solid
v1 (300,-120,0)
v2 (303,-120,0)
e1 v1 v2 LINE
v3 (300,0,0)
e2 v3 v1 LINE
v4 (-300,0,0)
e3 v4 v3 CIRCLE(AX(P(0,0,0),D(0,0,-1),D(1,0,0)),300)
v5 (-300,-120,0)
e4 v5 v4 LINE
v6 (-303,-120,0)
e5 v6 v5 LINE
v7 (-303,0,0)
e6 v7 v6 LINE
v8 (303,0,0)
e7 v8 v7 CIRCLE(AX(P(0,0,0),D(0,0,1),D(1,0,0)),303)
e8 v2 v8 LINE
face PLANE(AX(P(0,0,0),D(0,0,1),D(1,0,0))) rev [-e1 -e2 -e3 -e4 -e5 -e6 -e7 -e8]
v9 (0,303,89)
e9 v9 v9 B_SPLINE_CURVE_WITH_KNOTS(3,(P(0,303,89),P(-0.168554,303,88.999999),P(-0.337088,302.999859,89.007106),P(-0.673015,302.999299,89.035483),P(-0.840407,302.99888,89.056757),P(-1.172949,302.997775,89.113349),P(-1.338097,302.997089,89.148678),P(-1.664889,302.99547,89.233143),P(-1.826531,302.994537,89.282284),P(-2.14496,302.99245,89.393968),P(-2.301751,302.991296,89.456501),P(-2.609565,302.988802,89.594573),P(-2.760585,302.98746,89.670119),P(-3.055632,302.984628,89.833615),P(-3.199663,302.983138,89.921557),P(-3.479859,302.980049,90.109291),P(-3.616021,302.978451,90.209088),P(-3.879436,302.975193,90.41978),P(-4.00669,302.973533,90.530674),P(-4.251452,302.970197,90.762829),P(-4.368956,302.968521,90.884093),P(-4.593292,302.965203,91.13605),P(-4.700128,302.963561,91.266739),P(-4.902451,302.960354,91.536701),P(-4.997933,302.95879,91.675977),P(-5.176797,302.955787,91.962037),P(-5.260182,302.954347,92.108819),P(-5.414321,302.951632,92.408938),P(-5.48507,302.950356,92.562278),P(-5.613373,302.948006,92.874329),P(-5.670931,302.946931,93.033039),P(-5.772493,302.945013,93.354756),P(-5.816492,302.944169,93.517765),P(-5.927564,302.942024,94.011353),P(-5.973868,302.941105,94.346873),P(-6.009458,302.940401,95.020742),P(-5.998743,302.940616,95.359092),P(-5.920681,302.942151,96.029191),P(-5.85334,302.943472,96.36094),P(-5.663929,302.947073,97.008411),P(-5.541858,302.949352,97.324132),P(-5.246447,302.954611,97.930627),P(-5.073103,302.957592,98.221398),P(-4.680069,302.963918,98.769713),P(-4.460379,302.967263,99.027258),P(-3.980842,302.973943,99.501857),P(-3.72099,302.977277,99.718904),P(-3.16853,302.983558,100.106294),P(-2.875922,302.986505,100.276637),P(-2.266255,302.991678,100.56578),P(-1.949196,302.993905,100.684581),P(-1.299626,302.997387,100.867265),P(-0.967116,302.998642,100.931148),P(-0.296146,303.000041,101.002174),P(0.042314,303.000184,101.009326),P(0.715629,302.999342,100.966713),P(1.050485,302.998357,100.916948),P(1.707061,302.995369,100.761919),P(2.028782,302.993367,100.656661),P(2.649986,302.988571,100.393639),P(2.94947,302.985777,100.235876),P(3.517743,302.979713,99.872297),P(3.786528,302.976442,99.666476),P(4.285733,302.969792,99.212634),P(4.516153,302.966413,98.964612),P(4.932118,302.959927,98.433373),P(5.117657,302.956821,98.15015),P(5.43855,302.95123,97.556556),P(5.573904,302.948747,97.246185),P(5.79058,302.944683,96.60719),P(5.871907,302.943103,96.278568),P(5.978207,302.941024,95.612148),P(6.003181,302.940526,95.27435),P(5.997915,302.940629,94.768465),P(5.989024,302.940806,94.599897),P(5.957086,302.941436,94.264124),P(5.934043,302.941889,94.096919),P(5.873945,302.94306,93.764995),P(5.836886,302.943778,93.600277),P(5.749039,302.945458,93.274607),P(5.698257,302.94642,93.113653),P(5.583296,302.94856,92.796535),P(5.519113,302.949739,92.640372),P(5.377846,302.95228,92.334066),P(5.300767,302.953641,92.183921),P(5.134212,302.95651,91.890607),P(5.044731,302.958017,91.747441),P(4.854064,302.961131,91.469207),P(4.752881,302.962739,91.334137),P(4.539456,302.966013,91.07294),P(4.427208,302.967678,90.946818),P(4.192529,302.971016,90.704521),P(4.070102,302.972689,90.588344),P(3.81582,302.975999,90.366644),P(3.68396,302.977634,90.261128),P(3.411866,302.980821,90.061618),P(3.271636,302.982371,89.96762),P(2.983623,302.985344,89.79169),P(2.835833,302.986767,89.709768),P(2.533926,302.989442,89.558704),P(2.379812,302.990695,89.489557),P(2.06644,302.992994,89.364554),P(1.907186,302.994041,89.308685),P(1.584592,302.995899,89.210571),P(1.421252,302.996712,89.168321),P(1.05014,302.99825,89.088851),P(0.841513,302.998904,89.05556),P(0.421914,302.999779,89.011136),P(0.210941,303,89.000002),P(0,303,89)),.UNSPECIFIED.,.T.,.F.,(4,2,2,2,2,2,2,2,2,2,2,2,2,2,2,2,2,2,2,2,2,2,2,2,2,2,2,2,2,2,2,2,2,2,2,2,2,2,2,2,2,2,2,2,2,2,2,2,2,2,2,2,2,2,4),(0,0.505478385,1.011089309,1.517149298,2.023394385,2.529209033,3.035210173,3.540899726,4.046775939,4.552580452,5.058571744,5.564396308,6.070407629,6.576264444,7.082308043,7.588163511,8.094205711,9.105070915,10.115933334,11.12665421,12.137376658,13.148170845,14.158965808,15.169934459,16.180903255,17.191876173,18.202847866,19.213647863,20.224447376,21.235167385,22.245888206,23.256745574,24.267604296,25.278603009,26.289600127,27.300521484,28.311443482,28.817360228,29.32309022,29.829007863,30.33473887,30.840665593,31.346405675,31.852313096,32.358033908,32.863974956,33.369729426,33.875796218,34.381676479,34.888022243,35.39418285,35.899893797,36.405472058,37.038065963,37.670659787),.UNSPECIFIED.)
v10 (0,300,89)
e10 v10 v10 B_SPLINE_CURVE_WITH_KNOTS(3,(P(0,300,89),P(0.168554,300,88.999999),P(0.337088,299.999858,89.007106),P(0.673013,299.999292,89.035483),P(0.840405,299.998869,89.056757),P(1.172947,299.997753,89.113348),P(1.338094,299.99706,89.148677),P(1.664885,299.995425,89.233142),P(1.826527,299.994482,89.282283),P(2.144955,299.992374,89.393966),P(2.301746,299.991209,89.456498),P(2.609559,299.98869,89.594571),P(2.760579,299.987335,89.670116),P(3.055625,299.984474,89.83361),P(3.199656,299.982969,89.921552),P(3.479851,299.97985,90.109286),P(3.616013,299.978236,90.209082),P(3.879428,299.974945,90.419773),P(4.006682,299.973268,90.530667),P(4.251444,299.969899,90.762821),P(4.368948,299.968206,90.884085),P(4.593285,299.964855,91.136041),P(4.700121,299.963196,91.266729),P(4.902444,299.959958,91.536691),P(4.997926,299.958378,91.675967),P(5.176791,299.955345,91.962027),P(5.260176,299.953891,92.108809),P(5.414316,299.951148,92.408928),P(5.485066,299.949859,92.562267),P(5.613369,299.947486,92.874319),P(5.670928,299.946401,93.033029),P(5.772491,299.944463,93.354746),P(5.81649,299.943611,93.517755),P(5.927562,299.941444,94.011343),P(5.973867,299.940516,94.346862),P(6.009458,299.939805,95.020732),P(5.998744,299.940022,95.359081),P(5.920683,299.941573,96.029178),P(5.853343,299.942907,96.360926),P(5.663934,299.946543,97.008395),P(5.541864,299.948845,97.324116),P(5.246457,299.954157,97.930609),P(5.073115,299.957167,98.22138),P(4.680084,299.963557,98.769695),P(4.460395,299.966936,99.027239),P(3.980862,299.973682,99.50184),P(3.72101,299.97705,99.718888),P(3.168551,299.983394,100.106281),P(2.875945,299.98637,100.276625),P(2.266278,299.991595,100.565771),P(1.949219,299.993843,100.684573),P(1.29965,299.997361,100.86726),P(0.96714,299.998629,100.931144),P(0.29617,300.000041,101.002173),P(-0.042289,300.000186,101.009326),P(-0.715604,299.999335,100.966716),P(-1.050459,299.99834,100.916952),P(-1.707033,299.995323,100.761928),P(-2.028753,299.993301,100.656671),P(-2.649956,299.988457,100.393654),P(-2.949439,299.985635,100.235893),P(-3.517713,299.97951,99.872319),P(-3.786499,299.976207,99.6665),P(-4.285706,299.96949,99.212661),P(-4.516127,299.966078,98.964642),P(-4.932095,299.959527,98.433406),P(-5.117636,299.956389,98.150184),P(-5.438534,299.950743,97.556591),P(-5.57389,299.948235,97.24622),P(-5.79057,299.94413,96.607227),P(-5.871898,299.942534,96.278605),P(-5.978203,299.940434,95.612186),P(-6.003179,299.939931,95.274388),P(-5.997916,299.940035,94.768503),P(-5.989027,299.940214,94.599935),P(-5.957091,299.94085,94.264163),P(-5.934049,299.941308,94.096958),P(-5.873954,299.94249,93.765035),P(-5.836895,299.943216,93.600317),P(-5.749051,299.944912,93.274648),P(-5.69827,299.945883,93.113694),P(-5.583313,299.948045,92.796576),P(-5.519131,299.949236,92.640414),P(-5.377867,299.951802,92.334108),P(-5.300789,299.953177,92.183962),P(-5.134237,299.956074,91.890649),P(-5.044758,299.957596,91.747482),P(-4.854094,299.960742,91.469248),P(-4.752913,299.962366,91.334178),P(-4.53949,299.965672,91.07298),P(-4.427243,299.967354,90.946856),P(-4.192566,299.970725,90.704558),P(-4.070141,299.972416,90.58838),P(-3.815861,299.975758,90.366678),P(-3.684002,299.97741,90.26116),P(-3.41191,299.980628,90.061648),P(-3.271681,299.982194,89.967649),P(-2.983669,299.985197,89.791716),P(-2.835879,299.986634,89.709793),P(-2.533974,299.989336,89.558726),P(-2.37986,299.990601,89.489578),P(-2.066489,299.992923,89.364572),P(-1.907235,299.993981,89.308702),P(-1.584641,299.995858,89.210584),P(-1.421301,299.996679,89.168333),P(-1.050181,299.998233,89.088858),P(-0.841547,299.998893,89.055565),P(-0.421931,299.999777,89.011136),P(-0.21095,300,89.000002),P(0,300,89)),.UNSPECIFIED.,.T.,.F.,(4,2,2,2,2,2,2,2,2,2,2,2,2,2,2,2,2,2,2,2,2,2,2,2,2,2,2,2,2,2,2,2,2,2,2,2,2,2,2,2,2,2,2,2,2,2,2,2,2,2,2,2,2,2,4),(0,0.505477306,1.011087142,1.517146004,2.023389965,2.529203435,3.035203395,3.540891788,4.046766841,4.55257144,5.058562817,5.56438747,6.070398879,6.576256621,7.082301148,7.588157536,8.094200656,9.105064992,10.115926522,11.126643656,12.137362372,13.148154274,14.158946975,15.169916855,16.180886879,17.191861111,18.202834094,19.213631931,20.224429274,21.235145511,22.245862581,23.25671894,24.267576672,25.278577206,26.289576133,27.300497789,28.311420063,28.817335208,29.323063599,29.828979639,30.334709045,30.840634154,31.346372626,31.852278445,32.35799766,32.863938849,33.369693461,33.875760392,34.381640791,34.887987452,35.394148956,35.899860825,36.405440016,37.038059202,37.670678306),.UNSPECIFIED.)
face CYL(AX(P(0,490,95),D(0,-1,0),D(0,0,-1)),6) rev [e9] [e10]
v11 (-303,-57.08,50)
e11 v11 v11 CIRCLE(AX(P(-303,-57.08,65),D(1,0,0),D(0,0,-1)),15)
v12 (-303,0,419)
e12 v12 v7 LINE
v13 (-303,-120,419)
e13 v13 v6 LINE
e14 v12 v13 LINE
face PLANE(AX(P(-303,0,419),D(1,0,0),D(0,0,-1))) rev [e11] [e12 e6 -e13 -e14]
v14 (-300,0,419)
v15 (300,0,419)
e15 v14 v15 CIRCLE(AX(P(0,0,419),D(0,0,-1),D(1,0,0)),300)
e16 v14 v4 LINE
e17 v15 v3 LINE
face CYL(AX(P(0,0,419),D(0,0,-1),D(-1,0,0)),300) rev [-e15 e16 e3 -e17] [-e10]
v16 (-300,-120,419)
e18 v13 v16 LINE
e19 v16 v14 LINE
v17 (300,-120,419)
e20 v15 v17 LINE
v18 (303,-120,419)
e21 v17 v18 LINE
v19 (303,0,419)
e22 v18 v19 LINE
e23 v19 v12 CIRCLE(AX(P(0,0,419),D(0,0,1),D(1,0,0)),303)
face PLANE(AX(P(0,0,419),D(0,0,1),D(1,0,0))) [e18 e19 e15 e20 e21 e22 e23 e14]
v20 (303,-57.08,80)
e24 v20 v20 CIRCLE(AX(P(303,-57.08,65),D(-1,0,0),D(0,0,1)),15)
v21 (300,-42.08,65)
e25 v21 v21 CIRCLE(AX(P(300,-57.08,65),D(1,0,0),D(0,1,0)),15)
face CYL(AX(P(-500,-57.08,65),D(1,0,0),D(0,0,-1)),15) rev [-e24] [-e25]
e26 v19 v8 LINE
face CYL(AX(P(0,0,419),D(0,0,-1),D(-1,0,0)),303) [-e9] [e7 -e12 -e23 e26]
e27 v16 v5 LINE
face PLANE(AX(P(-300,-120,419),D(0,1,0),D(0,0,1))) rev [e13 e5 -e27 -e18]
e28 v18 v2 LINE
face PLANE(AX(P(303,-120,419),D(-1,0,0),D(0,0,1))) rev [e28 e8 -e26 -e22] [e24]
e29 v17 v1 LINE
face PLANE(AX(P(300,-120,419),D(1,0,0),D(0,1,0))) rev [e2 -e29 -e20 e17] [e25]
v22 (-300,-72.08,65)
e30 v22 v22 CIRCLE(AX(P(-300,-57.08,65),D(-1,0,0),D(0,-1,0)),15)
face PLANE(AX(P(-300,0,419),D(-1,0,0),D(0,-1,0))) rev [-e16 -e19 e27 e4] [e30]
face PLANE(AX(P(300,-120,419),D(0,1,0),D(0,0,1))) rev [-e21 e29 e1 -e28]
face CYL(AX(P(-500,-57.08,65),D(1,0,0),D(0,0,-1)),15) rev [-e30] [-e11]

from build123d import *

# Parameters (mm, degrees)
EXTRUDE_2_DEPTH     = 419
SKETCH_2_R          = 6
CUT_EXTRUDE_1_DEPTH = 490
SKETCH_3_R          = 15
CUT_EXTRUDE_2_DEPTH = 500


with BuildPart() as part:
    # 草图1 → 凸台-拉伸2 (new body)
    with BuildSketch(Plane.XY):
        with BuildLine():
            Line((-300, 0), (-300, -120))
            Line((-300, -120), (-303, -120))
            Line((-303, -120), (-303, 0))
            ThreePointArc((-303, 0), (0, 303), (303, 0))
            Line((303, 0), (303, -120))
            Line((303, -120), (300, -120))
            Line((300, -120), (300, 0))
            ThreePointArc((300, 0), (0, 300), (-300, 0))
        make_face()
    extrude(amount=EXTRUDE_2_DEPTH)

    # 草图2 → 切除-拉伸1 (cut)
    with BuildSketch(Plane(origin=(0, 0, 0), x_dir=(1, 0, 0), z_dir=(0, 1, 0))):
        with Locations(Location((0, -95, 0), (0, 0, 90))):
            Circle(SKETCH_2_R)
    extrude(amount=CUT_EXTRUDE_1_DEPTH, mode=Mode.SUBTRACT)

    # 草图3 → 切除-拉伸2 (cut, symmetric)
    with BuildSketch(Plane(origin=(0, 0, 0), x_dir=(0, 0, -1), z_dir=(1, 0, 0))):
        with Locations((-65, -57.08)):
            Circle(SKETCH_3_R)
    extrude(amount=CUT_EXTRUDE_2_DEPTH, both=True, mode=Mode.SUBTRACT)


solid = part.part
